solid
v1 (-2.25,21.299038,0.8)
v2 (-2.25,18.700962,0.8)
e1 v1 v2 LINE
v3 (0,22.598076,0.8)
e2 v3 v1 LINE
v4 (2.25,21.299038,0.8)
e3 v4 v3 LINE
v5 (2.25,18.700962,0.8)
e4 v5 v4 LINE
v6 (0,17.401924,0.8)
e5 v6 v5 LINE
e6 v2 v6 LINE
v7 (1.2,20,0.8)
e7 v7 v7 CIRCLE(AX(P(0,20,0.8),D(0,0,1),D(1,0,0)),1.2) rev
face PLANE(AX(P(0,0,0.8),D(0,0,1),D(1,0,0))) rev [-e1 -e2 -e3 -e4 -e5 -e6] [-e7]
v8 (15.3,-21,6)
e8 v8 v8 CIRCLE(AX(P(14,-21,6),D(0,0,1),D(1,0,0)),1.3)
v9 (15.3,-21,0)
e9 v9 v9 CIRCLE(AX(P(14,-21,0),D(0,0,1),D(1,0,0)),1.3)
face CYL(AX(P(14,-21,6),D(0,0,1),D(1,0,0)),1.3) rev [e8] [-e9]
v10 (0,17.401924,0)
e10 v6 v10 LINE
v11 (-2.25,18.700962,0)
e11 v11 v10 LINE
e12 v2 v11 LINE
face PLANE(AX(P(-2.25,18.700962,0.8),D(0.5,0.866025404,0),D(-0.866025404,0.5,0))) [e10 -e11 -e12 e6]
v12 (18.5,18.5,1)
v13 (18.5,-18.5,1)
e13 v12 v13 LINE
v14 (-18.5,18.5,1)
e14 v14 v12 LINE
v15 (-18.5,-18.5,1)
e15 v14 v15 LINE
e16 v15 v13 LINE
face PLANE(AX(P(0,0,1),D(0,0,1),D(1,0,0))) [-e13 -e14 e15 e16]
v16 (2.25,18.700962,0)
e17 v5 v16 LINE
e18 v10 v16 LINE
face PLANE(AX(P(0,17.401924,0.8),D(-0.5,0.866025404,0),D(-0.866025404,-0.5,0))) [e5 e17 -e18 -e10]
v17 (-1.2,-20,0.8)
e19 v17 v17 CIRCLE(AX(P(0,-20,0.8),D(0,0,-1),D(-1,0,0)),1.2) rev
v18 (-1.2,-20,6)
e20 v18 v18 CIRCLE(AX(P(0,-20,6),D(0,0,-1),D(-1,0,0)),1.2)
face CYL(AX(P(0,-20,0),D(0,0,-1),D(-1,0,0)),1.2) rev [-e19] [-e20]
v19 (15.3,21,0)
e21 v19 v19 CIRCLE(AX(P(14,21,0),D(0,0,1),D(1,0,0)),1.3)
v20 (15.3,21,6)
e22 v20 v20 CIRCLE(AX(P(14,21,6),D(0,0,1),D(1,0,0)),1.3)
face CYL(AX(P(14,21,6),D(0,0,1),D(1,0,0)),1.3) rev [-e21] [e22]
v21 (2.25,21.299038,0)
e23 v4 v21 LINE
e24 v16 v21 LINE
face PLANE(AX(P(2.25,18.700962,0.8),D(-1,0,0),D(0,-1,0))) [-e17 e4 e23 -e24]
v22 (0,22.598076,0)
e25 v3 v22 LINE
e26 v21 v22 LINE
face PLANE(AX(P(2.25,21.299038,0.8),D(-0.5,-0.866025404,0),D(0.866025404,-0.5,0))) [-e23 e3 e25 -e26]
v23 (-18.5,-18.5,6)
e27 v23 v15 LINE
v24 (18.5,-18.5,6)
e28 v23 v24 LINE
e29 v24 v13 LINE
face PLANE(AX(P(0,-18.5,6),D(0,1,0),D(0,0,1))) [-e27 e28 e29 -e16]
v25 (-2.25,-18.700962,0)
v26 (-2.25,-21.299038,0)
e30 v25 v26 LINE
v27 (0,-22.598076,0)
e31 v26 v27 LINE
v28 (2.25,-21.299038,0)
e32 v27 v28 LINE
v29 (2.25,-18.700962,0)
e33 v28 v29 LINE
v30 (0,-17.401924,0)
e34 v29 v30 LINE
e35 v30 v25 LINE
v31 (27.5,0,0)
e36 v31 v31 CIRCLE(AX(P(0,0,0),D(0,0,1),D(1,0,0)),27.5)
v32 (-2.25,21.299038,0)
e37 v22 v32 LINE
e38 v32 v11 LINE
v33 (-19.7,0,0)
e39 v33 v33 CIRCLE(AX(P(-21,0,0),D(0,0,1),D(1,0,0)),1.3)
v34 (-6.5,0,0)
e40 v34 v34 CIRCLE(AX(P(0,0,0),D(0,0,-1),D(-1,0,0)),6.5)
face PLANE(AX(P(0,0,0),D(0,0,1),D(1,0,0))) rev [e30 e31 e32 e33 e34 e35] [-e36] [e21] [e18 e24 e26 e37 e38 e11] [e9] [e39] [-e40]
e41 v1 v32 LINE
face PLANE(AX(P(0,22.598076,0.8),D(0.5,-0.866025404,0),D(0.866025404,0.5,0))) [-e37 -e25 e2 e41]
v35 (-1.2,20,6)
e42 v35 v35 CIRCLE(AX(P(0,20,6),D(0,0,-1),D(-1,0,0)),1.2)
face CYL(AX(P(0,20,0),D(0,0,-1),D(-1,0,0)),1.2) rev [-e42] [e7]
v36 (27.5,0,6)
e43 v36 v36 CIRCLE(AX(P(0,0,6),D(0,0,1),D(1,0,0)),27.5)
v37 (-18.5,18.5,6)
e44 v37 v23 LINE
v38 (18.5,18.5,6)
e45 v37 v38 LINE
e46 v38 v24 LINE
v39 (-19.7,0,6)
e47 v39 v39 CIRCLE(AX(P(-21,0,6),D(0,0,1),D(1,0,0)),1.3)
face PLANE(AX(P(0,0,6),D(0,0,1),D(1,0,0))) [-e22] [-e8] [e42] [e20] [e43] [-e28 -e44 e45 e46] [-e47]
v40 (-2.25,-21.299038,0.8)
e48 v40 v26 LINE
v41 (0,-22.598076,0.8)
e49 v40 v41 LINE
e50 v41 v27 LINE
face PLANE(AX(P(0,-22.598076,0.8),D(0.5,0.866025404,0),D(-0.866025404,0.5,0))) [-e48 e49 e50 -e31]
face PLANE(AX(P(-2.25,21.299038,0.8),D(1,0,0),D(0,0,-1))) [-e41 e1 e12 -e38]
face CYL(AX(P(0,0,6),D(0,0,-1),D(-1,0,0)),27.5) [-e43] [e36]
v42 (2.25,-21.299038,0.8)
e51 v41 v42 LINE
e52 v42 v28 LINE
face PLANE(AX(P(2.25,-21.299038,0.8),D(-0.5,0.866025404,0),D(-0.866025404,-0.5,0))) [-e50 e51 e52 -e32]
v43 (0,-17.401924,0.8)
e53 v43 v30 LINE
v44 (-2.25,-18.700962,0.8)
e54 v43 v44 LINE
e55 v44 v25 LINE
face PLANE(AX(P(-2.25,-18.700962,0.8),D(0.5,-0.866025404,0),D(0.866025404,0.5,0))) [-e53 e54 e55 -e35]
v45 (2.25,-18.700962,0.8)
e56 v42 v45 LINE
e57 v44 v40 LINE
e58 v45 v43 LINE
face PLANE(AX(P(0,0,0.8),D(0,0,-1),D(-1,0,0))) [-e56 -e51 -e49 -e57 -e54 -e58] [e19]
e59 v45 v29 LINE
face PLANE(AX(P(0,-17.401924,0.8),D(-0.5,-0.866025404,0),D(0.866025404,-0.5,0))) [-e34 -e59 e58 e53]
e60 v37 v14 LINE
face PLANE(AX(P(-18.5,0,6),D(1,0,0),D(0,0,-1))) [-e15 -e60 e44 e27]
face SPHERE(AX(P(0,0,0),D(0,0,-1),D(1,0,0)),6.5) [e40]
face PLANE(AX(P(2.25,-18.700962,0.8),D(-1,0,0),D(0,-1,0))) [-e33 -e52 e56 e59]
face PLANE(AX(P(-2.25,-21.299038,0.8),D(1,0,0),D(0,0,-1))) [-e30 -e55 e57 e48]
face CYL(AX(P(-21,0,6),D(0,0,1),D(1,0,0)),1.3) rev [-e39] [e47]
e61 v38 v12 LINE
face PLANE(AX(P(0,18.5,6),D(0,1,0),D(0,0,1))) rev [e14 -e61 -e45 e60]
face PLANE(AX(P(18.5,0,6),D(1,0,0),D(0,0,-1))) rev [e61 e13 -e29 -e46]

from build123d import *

# Parameters (mm, degrees)
SKETCH1_R            = 27.5
SKETCH1_W            = 37
SKETCH1_H            = 37
BOSS_EXTRUDE1_DEPTH  = 6
SKETCH1_3_W          = 37
SKETCH1_3_H          = 37
BOSS_EXTRUDE2_DEPTH  = 1
M2_CLEARANCE_HOLE1_D = 2.6
M2_CLEARANCE_HOLE2_D = 2.4
CUT_EXTRUDE3_DEPTH   = 0.8


with BuildPart() as part:
    # Sketch1 → Boss-Extrude1 (new body)
    with BuildSketch(Plane.XY):
        Circle(SKETCH1_R)
        Rectangle(SKETCH1_W, SKETCH1_H, mode=Mode.SUBTRACT)
    extrude(amount=BOSS_EXTRUDE1_DEPTH)

    # Sketch1<3> → Boss-Extrude2 (add)
    with BuildSketch(Plane.XY):
        Rectangle(SKETCH1_3_W, SKETCH1_3_H)
    extrude(amount=BOSS_EXTRUDE2_DEPTH)

    # Sketch2 → Revolve1 (revolve)
    with BuildSketch(Plane(origin=(0, 0, 0), x_dir=(1, 0, 0), z_dir=(0, 1, 0))):
        with BuildLine():
            Line((0, 6.5), (0, 0))
            Line((0, 0), (-6.5, 0))
            ThreePointArc((-6.5, 0), (-4.596194078, 4.596194078), (0, 6.5))
        make_face()
    revolve(axis=Axis((0, 0, -15), (0, 0, 1)))

    # M2 Clearance Hole1 (through all)
    with Locations(Plane.XY.offset(6)):
        with Locations((-21, 0), (14, -21), (14, 21)):
            Hole(M2_CLEARANCE_HOLE1_D / 2)

    # M2 Clearance Hole2 (through all)
    with Locations(Plane(origin=(0, 20, 0), x_dir=(-1, 0, 0), z_dir=(0, 0, -1))):
        with Locations((0, 0), (0, -40)):
            Hole(M2_CLEARANCE_HOLE2_D / 2)

    # Sketch5 → Cut-Extrude3 (cut)
    with BuildSketch(Plane.XY):
        Polygon((0, 17.401923789), (2.25, 18.700961894), (2.25, 21.299038106), (0, 22.598076211), (-2.25, 21.299038106), (-2.25, 18.700961894), align=None)
        Polygon((-2.25, -18.700961894), (0, -17.401923789), (2.25, -18.700961894), (2.25, -21.299038106), (0, -22.598076211), (-2.25, -21.299038106), align=None)
    extrude(amount=CUT_EXTRUDE3_DEPTH, mode=Mode.SUBTRACT)


solid = part.part
